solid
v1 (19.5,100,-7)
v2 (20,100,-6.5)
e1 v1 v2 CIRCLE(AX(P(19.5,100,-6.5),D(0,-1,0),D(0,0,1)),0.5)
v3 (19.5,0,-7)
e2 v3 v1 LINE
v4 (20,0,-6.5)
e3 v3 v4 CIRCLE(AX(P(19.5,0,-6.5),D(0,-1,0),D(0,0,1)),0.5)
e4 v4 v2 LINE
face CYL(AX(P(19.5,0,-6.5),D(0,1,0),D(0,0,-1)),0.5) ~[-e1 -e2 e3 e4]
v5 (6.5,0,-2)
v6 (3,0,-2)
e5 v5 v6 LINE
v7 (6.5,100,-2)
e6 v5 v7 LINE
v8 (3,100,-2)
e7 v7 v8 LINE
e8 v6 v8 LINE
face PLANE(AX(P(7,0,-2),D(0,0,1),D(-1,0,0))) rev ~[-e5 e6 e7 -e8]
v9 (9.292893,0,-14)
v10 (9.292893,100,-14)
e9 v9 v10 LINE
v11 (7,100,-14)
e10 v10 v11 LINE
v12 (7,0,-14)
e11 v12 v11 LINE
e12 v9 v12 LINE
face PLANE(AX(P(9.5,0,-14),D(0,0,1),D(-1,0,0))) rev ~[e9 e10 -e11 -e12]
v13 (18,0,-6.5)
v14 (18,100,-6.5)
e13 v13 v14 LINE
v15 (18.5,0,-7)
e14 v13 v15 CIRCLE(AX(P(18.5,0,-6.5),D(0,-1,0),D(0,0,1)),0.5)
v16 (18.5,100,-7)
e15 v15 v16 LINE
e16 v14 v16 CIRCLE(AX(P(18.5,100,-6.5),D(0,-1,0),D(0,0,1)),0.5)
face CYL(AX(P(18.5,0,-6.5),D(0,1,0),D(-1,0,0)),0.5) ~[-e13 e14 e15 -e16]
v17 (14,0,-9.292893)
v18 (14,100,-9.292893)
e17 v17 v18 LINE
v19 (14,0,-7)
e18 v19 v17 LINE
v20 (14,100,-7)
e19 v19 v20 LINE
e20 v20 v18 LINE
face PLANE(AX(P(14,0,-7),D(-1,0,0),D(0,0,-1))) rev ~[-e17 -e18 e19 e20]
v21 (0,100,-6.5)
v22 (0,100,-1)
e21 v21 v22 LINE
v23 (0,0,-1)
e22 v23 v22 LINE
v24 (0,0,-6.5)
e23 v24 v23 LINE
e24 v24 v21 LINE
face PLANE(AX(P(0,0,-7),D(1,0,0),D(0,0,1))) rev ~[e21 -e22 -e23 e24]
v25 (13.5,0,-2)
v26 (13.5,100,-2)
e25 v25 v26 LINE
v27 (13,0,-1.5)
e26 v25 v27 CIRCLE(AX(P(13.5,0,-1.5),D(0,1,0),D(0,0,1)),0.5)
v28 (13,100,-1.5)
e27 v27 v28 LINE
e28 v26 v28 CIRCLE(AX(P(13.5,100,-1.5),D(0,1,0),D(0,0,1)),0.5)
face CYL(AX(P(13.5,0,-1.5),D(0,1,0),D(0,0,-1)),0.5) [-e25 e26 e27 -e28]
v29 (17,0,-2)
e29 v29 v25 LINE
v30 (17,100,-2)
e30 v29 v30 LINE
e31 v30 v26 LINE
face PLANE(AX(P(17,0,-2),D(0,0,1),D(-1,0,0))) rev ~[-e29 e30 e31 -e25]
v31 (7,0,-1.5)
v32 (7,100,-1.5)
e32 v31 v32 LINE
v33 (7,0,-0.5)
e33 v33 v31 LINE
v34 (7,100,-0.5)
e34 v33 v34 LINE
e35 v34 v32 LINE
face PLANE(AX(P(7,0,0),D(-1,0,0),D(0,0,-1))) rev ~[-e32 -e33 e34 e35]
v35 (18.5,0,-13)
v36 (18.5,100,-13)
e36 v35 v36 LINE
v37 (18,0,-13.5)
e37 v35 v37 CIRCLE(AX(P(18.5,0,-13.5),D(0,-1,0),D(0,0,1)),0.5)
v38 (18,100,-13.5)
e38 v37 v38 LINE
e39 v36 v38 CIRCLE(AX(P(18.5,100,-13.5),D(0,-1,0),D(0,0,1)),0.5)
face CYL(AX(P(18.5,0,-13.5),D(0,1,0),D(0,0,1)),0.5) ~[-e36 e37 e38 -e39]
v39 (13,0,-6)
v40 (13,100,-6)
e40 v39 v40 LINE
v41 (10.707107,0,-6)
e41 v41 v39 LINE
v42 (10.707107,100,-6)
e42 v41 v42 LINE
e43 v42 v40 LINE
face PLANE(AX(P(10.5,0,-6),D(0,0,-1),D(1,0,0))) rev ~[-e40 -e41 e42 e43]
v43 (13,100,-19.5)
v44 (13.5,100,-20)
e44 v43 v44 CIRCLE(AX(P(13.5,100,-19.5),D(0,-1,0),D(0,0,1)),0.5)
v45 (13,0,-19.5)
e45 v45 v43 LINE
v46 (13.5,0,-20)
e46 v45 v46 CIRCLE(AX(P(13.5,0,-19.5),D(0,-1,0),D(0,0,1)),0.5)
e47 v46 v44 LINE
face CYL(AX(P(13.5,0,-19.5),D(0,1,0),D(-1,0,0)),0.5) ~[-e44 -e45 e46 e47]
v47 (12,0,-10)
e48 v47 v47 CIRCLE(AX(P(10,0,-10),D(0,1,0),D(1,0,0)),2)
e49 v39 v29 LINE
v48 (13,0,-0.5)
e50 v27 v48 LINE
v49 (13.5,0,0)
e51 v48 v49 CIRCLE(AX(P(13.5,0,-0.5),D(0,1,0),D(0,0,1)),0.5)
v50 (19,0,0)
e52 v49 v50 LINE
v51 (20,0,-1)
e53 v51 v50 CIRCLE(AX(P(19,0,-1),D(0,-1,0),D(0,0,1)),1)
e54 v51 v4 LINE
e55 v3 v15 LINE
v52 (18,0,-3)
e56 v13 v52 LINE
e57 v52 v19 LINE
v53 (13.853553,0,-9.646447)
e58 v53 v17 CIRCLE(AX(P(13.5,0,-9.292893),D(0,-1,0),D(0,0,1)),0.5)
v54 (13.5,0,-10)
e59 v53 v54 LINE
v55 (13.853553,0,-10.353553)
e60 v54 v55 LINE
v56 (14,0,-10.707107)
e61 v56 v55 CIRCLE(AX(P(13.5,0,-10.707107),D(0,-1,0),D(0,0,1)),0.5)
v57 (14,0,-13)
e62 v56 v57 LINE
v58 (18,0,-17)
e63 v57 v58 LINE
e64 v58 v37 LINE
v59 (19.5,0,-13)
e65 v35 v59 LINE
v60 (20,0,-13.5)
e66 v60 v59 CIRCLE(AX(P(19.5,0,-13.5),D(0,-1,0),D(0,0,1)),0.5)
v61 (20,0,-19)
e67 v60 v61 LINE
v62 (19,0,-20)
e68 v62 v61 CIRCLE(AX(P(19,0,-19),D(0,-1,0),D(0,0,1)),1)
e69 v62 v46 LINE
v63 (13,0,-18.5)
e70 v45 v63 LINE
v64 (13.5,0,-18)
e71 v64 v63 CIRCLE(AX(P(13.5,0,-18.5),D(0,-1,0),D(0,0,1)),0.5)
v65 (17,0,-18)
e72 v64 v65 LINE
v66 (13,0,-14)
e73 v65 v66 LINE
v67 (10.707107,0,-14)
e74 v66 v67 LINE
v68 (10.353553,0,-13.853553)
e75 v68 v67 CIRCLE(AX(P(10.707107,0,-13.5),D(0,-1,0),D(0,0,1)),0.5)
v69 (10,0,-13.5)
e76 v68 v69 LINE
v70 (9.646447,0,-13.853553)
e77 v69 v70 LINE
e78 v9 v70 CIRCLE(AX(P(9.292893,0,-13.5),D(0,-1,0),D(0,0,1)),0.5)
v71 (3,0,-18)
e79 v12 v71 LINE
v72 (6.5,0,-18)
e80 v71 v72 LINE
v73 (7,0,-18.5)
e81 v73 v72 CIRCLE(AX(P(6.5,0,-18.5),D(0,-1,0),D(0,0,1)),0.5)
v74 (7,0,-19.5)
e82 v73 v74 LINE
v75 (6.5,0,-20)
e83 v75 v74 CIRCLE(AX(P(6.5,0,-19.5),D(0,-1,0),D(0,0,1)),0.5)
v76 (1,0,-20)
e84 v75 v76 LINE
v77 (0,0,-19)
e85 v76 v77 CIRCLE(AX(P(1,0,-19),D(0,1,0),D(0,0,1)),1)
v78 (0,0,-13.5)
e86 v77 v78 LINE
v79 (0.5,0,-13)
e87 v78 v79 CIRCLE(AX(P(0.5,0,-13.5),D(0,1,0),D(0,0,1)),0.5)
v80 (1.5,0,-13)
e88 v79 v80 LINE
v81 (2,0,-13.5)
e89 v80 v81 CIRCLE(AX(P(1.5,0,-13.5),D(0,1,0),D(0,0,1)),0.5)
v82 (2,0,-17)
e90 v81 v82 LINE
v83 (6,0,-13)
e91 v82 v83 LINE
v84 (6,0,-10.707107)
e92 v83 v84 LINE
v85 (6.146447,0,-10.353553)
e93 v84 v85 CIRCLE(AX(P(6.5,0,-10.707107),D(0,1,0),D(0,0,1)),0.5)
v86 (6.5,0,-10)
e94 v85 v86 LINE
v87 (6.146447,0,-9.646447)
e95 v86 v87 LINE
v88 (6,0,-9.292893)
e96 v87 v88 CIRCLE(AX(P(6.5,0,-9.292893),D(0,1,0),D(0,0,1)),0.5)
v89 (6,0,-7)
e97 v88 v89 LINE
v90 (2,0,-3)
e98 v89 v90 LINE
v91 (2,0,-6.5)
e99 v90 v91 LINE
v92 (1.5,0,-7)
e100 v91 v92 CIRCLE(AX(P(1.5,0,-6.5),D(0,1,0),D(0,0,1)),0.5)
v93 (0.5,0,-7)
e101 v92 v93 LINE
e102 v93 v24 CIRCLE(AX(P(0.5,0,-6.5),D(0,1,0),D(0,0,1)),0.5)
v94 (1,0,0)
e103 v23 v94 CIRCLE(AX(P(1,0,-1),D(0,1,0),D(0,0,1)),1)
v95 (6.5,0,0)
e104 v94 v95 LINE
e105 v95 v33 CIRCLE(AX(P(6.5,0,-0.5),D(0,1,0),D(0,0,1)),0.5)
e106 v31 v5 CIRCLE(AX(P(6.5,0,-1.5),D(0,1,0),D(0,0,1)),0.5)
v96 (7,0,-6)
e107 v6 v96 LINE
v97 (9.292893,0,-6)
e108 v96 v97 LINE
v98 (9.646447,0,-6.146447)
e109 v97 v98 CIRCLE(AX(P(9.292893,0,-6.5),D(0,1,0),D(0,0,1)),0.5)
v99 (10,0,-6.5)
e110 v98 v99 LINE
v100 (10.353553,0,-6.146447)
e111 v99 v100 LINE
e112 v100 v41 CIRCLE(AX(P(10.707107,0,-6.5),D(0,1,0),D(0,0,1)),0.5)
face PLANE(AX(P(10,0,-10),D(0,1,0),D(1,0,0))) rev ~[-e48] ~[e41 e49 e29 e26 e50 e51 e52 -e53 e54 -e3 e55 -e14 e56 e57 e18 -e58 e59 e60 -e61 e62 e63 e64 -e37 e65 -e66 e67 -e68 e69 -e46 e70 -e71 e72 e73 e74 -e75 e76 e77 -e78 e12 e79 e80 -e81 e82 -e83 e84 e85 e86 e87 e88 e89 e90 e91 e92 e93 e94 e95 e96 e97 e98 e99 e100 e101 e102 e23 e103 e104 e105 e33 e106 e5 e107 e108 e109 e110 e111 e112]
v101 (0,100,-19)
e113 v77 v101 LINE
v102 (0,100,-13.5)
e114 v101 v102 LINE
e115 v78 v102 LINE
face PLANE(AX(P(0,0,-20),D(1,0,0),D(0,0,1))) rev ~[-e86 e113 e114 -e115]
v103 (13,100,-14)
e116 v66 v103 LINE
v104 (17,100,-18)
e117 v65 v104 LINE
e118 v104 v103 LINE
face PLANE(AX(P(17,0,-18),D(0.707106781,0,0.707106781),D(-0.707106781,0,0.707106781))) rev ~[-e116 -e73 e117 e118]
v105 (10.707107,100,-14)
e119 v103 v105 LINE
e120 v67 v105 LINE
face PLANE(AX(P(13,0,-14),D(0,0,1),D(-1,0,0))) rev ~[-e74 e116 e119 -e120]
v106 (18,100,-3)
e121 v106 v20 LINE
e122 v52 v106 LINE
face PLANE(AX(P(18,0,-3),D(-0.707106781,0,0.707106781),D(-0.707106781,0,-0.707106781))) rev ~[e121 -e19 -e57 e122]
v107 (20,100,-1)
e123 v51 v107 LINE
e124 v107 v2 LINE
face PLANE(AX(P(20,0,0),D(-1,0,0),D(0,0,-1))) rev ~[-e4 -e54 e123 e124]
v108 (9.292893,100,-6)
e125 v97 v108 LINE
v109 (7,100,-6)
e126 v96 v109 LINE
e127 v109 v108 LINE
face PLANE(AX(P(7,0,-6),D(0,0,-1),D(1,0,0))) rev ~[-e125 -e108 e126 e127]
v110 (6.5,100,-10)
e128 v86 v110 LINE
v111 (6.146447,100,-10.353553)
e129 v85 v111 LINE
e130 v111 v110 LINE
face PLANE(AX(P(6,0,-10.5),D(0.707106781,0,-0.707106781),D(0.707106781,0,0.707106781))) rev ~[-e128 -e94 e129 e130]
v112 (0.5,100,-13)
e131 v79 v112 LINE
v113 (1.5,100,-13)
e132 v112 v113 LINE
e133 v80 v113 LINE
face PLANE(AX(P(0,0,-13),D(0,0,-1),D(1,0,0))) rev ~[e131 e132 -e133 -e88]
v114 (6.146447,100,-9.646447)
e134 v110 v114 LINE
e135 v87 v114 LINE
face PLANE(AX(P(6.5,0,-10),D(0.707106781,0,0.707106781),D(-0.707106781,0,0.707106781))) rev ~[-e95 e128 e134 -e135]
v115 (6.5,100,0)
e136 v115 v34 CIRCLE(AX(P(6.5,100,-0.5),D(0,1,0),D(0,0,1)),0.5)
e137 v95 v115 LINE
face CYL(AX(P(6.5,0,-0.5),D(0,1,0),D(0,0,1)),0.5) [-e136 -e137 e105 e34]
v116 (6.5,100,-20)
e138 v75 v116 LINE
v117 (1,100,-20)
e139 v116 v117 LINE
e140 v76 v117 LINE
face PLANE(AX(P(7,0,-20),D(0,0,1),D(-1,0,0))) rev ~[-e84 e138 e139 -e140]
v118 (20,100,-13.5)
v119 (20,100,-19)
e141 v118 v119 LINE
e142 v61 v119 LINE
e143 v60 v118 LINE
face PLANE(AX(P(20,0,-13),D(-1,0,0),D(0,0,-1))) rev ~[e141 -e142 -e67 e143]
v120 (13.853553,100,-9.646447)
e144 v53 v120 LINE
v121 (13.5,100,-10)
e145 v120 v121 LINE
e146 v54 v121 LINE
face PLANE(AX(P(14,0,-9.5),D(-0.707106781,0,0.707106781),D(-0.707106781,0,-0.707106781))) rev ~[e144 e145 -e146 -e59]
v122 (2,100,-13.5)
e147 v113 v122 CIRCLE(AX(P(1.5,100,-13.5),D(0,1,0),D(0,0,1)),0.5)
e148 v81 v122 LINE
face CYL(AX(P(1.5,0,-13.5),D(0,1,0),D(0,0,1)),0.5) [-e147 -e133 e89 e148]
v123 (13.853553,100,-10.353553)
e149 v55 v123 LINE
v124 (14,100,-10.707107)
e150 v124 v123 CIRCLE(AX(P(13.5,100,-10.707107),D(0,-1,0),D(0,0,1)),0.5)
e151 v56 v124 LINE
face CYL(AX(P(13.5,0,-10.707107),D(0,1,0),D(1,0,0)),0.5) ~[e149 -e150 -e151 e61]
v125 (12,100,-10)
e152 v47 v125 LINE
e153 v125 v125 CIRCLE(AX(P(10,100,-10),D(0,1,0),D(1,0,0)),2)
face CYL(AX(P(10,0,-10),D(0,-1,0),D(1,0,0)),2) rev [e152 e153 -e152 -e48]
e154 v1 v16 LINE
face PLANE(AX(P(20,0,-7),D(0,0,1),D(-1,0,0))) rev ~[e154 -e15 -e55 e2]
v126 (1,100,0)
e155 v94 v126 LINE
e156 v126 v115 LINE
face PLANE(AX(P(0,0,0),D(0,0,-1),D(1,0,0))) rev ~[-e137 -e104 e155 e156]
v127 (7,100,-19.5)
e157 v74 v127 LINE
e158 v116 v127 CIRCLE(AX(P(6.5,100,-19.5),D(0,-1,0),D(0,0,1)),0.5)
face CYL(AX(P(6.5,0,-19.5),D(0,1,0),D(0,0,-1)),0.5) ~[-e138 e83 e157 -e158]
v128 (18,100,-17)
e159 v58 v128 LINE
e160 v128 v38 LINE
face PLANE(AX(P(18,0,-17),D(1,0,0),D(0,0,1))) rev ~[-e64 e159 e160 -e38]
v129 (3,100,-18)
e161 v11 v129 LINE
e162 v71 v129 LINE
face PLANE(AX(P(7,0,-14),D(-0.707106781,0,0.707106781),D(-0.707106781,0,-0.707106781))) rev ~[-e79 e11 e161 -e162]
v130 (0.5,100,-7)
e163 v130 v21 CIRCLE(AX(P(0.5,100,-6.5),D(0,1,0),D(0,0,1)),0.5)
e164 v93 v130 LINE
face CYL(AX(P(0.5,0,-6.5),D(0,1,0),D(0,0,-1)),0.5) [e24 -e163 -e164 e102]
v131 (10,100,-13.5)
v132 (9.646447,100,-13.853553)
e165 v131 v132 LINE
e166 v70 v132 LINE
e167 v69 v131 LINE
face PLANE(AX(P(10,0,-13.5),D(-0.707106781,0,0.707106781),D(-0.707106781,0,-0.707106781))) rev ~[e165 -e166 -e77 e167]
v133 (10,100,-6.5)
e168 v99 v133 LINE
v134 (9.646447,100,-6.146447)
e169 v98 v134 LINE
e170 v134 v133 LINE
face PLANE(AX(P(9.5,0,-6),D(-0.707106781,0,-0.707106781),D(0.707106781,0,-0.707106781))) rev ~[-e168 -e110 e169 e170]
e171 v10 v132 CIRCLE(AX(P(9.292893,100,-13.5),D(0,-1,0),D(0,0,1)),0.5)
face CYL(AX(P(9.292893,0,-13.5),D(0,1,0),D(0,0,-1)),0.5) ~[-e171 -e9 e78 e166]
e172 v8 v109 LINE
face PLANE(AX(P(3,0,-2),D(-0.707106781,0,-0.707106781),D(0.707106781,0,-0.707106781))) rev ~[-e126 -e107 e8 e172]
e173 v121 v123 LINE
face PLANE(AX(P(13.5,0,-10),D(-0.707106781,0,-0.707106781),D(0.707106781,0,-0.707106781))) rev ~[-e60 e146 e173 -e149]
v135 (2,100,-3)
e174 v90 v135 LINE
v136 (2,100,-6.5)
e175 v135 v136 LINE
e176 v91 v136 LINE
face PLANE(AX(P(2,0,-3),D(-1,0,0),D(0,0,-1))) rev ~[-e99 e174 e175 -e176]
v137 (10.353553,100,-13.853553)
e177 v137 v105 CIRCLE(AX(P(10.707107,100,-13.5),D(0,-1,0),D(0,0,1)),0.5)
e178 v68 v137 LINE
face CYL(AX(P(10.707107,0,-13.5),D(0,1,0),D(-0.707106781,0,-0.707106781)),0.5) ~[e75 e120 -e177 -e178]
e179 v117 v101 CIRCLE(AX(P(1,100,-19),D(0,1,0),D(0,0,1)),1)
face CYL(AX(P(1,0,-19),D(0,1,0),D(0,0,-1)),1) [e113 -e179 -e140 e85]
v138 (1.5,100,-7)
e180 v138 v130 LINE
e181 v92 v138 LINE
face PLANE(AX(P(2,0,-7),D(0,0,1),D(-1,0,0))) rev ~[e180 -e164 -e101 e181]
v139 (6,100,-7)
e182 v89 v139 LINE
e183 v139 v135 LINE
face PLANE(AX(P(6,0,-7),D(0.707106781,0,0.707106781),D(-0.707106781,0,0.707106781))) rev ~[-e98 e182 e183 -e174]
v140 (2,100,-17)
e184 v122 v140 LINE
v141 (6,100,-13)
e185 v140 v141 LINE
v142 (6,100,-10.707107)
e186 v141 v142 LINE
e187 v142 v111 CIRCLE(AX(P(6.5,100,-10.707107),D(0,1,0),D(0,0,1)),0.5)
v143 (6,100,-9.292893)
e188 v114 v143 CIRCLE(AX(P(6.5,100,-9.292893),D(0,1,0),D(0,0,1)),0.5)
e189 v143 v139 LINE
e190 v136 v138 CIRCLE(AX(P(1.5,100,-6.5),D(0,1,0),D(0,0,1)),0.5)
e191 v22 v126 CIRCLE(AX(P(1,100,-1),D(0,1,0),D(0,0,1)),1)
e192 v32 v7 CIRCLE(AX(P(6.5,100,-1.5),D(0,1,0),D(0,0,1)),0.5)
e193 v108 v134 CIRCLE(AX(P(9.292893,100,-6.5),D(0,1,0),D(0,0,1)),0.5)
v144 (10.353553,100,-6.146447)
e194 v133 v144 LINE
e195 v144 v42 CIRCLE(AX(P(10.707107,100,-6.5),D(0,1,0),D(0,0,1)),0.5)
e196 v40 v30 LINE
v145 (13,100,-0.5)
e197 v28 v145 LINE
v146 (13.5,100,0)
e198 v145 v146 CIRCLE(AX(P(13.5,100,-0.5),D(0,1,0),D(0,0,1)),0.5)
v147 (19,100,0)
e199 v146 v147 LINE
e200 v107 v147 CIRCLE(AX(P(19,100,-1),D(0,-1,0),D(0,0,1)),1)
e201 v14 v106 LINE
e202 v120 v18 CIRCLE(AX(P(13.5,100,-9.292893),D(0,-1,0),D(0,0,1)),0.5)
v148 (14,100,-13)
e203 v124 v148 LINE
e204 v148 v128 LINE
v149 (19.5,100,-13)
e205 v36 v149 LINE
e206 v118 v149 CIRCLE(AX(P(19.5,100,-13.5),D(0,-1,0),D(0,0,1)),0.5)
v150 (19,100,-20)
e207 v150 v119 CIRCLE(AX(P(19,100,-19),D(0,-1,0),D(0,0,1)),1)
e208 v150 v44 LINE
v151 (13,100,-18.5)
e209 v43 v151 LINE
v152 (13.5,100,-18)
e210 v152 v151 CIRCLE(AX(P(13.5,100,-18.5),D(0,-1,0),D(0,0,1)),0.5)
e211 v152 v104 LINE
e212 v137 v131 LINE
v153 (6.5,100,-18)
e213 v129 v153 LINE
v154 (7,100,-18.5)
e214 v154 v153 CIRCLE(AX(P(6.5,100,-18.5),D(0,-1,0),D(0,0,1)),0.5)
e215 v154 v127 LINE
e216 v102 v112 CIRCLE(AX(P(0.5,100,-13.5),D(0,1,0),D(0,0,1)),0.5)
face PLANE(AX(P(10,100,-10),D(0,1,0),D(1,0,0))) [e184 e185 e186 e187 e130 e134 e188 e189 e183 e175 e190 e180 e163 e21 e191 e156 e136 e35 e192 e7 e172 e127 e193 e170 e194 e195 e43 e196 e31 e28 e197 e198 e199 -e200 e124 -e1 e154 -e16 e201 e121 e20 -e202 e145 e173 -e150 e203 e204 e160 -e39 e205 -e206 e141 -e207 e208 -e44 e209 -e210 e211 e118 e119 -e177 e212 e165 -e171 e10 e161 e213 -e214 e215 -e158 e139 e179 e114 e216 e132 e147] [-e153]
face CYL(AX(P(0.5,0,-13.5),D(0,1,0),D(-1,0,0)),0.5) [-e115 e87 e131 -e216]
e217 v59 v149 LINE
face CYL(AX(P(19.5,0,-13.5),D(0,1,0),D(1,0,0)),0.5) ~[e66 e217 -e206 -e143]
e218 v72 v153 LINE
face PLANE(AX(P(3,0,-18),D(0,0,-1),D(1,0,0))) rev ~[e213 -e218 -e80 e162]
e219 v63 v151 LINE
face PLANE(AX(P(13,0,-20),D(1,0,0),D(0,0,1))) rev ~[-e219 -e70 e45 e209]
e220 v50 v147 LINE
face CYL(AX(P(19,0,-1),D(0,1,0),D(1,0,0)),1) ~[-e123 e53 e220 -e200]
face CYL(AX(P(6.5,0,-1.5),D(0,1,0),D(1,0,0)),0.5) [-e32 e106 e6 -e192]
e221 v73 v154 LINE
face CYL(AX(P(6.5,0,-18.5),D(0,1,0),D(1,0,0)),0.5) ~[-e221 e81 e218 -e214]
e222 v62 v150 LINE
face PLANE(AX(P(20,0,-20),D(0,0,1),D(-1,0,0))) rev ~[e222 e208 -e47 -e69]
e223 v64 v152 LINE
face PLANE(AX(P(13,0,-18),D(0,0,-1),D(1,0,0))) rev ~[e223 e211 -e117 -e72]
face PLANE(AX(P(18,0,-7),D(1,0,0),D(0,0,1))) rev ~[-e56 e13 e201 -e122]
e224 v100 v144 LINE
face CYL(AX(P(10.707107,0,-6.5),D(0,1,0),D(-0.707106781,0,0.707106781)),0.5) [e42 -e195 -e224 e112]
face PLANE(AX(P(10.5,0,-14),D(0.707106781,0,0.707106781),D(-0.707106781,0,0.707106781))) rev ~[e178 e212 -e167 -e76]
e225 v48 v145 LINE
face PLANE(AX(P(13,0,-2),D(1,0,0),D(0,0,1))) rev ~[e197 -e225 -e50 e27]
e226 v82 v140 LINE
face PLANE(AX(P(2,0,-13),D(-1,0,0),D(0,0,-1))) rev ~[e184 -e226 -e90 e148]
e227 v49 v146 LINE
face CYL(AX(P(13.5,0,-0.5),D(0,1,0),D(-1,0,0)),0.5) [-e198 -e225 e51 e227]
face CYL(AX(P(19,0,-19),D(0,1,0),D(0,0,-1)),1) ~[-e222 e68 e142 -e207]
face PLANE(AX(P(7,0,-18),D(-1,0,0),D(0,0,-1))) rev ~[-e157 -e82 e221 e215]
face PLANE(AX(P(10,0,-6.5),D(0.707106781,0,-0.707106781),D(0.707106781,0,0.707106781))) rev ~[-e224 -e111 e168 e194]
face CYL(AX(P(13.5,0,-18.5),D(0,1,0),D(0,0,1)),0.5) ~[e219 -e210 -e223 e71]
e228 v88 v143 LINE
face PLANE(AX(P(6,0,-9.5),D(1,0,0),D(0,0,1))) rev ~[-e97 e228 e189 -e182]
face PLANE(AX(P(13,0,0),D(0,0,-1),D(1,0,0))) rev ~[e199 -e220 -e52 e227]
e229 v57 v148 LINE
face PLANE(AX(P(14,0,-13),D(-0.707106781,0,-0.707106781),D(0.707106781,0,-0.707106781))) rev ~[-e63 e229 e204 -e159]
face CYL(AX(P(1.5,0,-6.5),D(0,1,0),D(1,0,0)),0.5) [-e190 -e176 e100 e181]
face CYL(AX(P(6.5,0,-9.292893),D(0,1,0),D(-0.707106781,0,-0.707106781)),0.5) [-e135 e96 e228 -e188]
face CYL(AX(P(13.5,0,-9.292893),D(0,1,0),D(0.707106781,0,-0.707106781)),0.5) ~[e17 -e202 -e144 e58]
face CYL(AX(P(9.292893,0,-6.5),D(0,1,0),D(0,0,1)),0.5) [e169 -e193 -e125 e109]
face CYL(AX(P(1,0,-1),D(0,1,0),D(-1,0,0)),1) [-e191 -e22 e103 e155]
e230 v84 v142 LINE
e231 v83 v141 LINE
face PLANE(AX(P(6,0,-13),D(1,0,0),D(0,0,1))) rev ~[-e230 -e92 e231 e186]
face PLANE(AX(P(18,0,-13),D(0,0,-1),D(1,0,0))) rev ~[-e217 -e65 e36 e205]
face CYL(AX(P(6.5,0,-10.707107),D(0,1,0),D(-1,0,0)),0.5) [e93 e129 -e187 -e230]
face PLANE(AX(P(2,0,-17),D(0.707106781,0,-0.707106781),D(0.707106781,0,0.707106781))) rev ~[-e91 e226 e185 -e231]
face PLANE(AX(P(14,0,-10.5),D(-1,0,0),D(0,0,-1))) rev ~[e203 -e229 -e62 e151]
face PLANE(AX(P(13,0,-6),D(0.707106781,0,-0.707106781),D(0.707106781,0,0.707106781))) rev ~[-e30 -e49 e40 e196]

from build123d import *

# Parameters (mm, degrees)
SKETCH1_R           = 2
BOSS_EXTRUDE1_DEPTH = 100
FILLET1_R           = 1
FILLET2_R           = 0.5
FILLET4_R           = 0.5


with BuildPart() as part:
    # Sketch1 → Boss-Extrude1 (new body)
    with BuildSketch(Plane(origin=(0, 0, 0), x_dir=(1, 0, 0), z_dir=(0, 1, 0))):
        Polygon((7, 18), (7, 20), (0, 20), (0, 13), (2, 13), (2, 17), (6, 13), (6, 10.5), (6.5, 10), (6, 9.5), (6, 7), (2, 3), (2, 7), (0, 7), (0, 0), (7, 0), (7, 2), (3, 2), (7, 6), (9.5, 6), (10, 6.5), (10.5, 6), (13, 6), (17, 2), (13, 2), (13, 0), (20, 0), (20, 7), (18, 7), (18, 3), (14, 7), (14, 9.5), (13.5, 10), (14, 10.5), (14, 13), (18, 17), (18, 13), (20, 13), (20, 20), (13, 20), (13, 18), (17, 18), (13, 14), (10.5, 14), (10, 13.5), (9.5, 14), (7, 14), (3, 18), align=None)
        with Locations((10, 10)):
            Circle(SKETCH1_R, mode=Mode.SUBTRACT)
    extrude(amount=BOSS_EXTRUDE1_DEPTH)

    # Fillet1
    fillet1_edges = [part.edges().sort_by_distance(p)[0] for p in [
        (0, 50, -20),
        (20, 50, -20),
        (20, 50, 0),
        (0, 50, 0),
    ]]
    fillet(fillet1_edges, radius=FILLET1_R)

    # Fillet2
    fillet2_edges = [part.edges().sort_by_distance(p)[0] for p in [
        (2, 50, -13),
        (0, 50, -13),
        (7, 50, -20),
        (7, 50, -18),
        (13, 50, -18),
        (13, 50, -20),
        (20, 50, -13),
        (18, 50, -13),
        (18, 50, -7),
        (20, 50, -7),
        (13, 50, 0),
        (13, 50, -2),
        (7, 50, -2),
        (7, 50, 0),
        (0, 50, -7),
        (2, 50, -7),
    ]]
    fillet(fillet2_edges, radius=FILLET2_R)

    # Fillet4
    fillet4_edges = [part.edges().sort_by_distance(p)[0] for p in [
        (9.5, 50, -14),
        (10.5, 50, -14),
        (14, 50, -10.5),
        (14, 50, -9.5),
        (10.5, 50, -6),
        (9.5, 50, -6),
        (6, 50, -9.5),
        (6, 50, -10.5),
    ]]
    fillet(fillet4_edges, radius=FILLET4_R)


solid = part.part
